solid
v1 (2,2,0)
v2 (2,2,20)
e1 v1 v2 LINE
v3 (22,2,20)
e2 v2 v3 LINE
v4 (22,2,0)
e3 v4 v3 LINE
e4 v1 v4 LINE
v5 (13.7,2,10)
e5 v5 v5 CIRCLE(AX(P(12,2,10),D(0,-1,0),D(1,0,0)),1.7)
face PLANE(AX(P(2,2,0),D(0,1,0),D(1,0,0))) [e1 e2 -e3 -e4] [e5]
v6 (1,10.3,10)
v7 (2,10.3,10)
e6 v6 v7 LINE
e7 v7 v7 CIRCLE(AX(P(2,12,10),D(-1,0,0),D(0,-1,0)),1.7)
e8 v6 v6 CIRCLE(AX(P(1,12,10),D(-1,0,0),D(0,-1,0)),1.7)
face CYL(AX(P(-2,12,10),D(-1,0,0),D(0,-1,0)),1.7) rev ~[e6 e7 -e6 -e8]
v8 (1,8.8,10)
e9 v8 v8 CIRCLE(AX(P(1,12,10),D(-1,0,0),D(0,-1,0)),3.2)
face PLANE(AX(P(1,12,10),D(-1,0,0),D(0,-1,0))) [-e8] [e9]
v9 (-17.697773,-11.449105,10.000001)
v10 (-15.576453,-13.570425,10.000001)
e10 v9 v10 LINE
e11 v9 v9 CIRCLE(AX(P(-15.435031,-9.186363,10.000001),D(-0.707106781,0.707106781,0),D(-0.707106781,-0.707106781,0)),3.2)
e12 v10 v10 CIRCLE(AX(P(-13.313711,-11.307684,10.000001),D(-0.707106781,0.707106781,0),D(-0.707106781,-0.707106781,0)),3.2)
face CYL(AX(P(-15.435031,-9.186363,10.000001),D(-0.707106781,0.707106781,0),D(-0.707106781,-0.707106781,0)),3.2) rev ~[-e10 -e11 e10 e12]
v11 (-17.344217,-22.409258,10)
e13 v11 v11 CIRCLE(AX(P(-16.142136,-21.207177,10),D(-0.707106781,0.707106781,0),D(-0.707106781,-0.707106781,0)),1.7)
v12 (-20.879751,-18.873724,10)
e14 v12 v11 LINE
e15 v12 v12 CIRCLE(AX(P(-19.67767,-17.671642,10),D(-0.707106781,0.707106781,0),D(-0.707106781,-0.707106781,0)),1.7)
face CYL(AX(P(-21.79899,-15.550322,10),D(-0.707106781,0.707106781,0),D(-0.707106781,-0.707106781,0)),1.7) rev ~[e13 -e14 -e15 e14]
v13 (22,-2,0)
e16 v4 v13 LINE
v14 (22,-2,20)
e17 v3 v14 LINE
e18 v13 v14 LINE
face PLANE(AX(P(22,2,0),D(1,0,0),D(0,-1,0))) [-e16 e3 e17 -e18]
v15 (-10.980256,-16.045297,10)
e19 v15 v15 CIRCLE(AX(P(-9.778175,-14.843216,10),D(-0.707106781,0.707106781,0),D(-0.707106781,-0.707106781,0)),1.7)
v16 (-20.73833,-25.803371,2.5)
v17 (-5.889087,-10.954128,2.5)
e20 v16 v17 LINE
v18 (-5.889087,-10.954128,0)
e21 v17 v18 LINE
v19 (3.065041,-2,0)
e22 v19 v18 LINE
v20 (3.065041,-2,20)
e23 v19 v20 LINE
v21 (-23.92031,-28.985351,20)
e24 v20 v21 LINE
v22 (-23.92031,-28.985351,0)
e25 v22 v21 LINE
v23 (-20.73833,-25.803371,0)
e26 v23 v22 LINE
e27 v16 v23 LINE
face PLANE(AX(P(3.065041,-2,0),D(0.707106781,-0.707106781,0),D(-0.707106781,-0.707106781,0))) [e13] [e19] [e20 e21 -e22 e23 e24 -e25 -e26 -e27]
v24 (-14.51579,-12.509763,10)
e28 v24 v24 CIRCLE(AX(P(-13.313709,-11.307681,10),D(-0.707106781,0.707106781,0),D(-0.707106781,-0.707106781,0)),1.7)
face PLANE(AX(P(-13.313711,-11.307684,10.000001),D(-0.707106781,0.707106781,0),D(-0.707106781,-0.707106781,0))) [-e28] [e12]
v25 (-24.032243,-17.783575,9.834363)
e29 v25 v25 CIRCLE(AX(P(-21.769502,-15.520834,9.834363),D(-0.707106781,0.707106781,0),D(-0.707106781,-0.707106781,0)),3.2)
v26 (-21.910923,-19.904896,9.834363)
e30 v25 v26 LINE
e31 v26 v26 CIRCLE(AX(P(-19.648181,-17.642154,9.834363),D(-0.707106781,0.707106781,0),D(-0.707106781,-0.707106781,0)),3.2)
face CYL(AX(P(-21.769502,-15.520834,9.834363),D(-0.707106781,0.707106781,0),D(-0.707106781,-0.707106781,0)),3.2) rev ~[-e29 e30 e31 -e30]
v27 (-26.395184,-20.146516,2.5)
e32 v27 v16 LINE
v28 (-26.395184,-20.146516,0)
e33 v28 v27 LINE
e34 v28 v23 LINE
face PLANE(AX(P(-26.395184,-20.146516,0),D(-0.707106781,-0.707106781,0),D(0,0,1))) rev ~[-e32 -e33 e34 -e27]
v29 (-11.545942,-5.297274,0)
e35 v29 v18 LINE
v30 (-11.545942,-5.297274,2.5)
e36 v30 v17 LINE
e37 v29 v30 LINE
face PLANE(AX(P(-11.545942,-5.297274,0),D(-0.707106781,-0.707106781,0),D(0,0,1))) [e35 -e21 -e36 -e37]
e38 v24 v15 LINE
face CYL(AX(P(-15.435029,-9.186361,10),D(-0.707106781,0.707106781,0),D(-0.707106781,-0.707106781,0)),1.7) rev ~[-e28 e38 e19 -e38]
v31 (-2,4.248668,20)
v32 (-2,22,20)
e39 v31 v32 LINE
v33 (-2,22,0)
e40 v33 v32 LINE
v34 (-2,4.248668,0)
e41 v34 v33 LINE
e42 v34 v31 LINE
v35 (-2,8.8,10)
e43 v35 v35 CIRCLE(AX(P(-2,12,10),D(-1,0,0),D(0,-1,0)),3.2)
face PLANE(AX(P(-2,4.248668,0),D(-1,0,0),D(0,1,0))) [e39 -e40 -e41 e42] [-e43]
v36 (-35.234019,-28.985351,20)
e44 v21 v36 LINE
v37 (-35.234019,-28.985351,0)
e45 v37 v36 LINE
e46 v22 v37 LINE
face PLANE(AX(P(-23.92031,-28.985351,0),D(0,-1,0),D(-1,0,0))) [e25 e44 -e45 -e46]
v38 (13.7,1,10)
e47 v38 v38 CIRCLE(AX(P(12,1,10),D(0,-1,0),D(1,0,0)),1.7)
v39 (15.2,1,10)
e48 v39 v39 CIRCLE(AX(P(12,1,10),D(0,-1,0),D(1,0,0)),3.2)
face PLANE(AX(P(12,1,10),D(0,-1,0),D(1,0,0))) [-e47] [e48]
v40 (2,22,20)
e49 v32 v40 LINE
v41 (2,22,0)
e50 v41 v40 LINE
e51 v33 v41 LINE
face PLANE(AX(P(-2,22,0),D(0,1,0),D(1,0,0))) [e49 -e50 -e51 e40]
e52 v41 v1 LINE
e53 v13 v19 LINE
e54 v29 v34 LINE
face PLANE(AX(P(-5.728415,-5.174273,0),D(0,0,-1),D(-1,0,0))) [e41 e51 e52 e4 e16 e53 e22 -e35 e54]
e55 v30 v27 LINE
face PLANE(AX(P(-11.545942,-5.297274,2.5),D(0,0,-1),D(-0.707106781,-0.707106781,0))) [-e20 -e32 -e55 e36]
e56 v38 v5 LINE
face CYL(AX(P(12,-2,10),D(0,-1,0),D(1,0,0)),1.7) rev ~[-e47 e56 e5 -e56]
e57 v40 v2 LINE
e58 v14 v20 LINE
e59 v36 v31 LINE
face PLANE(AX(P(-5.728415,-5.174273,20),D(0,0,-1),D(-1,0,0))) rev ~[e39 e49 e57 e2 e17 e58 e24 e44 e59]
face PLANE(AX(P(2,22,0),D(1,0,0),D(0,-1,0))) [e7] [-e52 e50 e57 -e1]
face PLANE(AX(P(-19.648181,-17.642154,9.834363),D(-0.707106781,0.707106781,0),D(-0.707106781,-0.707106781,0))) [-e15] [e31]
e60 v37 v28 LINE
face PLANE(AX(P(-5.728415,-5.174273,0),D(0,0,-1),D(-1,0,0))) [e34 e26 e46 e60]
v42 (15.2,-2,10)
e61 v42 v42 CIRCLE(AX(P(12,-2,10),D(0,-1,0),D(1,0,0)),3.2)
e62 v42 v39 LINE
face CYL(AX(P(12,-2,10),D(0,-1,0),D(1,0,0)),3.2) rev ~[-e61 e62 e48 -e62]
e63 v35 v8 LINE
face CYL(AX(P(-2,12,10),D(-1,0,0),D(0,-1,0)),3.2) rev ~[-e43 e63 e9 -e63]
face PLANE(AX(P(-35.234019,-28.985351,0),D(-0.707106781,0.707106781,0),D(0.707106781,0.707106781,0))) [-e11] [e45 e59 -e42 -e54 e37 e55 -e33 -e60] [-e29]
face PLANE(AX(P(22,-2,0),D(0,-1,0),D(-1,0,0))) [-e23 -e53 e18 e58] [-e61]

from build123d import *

# Parameters (mm, degrees)
PAD_DEPTH       = 20
SKETCH001_R     = 1.7
POCKET_DEPTH    = 5
SKETCH002_R     = 1.7
POCKET001_DEPTH = 5
SKETCH003_R     = 1.7
SKETCH003_W     = 21
SKETCH003_H     = 2.5
POCKET002_DEPTH = 9
SKETCH004_R     = 3.2
POCKET003_DEPTH = 3
SKETCH005_R     = 3.2
POCKET004_DEPTH = 3
SKETCH006_R     = 3.2
POCKET005_DEPTH = 3


with BuildPart() as part:
    # Sketch → Pad (new body)
    with BuildSketch(Plane.XY):
        Polygon((-2, 22), (2, 22), (2, 2), (22, 2), (22, -2), (3.065041, -2), (-23.92031, -28.985351), (-35.234019, -28.985351), (-2, 4.248668), align=None)
    extrude(amount=PAD_DEPTH)

    # Sketch001 (on Face2 of Pad) → Pocket (cut)
    with BuildSketch(Plane(origin=(-2, 0, 0), x_dir=(0, -1, 0), z_dir=(-1, 0, 0))):
        with Locations((-12, 10)):
            Circle(SKETCH001_R)
    extrude(amount=-POCKET_DEPTH, mode=Mode.SUBTRACT)

    # Sketch002 (on Face12 of Pocket) → Pocket001 (cut)
    with BuildSketch(Plane.XZ.offset(2)):
        with Locations((12, 10)):
            Circle(SKETCH002_R)
    extrude(amount=-POCKET001_DEPTH, mode=Mode.SUBTRACT)

    # Sketch003 (on Face1 of Pocket001) → Pocket002 (cut)
    with BuildSketch(Plane(origin=(-3.124334, 3.124334, 0), x_dir=(-0.707107, -0.707107, 0), z_dir=(-0.707107, 0.707107, 0))):
        with Locations((17.409952, 10)):
            Circle(SKETCH003_R)
        with Locations((26.409952, 10)):
            Circle(SKETCH003_R)
        with Locations((22.409952, 1.25)):
            Rectangle(SKETCH003_W, SKETCH003_H)
    extrude(amount=-POCKET002_DEPTH, mode=Mode.SUBTRACT)

    # Sketch004 (on Face7 of Pocket002) → Pocket003 (cut)
    with BuildSketch(Plane(origin=(-2, 0, 0), x_dir=(0, -1, 0), z_dir=(-1, 0, 0))):
        with Locations((-12, 10)):
            Circle(SKETCH004_R)
    extrude(amount=-POCKET003_DEPTH, mode=Mode.SUBTRACT)

    # Sketch005 (on Face13 of Pocket003) → Pocket004 (cut)
    with BuildSketch(Plane.XZ.offset(2)):
        with Locations((12, 10)):
            Circle(SKETCH005_R)
    extrude(amount=-POCKET004_DEPTH, mode=Mode.SUBTRACT)

    # Sketch006 (on Face1 of Pocket004) → Pocket005 (cut)
    with BuildSketch(Plane(origin=(-3.124334, 3.124334, 0), x_dir=(-0.707107, -0.707107, 0), z_dir=(-0.707107, 0.707107, 0))):
        with Locations((17.409955, 10.000001)):
            Circle(SKETCH006_R)
        with Locations((26.368249, 9.834363)):
            Circle(SKETCH006_R)
    extrude(amount=-POCKET005_DEPTH, mode=Mode.SUBTRACT)


solid = part.part
